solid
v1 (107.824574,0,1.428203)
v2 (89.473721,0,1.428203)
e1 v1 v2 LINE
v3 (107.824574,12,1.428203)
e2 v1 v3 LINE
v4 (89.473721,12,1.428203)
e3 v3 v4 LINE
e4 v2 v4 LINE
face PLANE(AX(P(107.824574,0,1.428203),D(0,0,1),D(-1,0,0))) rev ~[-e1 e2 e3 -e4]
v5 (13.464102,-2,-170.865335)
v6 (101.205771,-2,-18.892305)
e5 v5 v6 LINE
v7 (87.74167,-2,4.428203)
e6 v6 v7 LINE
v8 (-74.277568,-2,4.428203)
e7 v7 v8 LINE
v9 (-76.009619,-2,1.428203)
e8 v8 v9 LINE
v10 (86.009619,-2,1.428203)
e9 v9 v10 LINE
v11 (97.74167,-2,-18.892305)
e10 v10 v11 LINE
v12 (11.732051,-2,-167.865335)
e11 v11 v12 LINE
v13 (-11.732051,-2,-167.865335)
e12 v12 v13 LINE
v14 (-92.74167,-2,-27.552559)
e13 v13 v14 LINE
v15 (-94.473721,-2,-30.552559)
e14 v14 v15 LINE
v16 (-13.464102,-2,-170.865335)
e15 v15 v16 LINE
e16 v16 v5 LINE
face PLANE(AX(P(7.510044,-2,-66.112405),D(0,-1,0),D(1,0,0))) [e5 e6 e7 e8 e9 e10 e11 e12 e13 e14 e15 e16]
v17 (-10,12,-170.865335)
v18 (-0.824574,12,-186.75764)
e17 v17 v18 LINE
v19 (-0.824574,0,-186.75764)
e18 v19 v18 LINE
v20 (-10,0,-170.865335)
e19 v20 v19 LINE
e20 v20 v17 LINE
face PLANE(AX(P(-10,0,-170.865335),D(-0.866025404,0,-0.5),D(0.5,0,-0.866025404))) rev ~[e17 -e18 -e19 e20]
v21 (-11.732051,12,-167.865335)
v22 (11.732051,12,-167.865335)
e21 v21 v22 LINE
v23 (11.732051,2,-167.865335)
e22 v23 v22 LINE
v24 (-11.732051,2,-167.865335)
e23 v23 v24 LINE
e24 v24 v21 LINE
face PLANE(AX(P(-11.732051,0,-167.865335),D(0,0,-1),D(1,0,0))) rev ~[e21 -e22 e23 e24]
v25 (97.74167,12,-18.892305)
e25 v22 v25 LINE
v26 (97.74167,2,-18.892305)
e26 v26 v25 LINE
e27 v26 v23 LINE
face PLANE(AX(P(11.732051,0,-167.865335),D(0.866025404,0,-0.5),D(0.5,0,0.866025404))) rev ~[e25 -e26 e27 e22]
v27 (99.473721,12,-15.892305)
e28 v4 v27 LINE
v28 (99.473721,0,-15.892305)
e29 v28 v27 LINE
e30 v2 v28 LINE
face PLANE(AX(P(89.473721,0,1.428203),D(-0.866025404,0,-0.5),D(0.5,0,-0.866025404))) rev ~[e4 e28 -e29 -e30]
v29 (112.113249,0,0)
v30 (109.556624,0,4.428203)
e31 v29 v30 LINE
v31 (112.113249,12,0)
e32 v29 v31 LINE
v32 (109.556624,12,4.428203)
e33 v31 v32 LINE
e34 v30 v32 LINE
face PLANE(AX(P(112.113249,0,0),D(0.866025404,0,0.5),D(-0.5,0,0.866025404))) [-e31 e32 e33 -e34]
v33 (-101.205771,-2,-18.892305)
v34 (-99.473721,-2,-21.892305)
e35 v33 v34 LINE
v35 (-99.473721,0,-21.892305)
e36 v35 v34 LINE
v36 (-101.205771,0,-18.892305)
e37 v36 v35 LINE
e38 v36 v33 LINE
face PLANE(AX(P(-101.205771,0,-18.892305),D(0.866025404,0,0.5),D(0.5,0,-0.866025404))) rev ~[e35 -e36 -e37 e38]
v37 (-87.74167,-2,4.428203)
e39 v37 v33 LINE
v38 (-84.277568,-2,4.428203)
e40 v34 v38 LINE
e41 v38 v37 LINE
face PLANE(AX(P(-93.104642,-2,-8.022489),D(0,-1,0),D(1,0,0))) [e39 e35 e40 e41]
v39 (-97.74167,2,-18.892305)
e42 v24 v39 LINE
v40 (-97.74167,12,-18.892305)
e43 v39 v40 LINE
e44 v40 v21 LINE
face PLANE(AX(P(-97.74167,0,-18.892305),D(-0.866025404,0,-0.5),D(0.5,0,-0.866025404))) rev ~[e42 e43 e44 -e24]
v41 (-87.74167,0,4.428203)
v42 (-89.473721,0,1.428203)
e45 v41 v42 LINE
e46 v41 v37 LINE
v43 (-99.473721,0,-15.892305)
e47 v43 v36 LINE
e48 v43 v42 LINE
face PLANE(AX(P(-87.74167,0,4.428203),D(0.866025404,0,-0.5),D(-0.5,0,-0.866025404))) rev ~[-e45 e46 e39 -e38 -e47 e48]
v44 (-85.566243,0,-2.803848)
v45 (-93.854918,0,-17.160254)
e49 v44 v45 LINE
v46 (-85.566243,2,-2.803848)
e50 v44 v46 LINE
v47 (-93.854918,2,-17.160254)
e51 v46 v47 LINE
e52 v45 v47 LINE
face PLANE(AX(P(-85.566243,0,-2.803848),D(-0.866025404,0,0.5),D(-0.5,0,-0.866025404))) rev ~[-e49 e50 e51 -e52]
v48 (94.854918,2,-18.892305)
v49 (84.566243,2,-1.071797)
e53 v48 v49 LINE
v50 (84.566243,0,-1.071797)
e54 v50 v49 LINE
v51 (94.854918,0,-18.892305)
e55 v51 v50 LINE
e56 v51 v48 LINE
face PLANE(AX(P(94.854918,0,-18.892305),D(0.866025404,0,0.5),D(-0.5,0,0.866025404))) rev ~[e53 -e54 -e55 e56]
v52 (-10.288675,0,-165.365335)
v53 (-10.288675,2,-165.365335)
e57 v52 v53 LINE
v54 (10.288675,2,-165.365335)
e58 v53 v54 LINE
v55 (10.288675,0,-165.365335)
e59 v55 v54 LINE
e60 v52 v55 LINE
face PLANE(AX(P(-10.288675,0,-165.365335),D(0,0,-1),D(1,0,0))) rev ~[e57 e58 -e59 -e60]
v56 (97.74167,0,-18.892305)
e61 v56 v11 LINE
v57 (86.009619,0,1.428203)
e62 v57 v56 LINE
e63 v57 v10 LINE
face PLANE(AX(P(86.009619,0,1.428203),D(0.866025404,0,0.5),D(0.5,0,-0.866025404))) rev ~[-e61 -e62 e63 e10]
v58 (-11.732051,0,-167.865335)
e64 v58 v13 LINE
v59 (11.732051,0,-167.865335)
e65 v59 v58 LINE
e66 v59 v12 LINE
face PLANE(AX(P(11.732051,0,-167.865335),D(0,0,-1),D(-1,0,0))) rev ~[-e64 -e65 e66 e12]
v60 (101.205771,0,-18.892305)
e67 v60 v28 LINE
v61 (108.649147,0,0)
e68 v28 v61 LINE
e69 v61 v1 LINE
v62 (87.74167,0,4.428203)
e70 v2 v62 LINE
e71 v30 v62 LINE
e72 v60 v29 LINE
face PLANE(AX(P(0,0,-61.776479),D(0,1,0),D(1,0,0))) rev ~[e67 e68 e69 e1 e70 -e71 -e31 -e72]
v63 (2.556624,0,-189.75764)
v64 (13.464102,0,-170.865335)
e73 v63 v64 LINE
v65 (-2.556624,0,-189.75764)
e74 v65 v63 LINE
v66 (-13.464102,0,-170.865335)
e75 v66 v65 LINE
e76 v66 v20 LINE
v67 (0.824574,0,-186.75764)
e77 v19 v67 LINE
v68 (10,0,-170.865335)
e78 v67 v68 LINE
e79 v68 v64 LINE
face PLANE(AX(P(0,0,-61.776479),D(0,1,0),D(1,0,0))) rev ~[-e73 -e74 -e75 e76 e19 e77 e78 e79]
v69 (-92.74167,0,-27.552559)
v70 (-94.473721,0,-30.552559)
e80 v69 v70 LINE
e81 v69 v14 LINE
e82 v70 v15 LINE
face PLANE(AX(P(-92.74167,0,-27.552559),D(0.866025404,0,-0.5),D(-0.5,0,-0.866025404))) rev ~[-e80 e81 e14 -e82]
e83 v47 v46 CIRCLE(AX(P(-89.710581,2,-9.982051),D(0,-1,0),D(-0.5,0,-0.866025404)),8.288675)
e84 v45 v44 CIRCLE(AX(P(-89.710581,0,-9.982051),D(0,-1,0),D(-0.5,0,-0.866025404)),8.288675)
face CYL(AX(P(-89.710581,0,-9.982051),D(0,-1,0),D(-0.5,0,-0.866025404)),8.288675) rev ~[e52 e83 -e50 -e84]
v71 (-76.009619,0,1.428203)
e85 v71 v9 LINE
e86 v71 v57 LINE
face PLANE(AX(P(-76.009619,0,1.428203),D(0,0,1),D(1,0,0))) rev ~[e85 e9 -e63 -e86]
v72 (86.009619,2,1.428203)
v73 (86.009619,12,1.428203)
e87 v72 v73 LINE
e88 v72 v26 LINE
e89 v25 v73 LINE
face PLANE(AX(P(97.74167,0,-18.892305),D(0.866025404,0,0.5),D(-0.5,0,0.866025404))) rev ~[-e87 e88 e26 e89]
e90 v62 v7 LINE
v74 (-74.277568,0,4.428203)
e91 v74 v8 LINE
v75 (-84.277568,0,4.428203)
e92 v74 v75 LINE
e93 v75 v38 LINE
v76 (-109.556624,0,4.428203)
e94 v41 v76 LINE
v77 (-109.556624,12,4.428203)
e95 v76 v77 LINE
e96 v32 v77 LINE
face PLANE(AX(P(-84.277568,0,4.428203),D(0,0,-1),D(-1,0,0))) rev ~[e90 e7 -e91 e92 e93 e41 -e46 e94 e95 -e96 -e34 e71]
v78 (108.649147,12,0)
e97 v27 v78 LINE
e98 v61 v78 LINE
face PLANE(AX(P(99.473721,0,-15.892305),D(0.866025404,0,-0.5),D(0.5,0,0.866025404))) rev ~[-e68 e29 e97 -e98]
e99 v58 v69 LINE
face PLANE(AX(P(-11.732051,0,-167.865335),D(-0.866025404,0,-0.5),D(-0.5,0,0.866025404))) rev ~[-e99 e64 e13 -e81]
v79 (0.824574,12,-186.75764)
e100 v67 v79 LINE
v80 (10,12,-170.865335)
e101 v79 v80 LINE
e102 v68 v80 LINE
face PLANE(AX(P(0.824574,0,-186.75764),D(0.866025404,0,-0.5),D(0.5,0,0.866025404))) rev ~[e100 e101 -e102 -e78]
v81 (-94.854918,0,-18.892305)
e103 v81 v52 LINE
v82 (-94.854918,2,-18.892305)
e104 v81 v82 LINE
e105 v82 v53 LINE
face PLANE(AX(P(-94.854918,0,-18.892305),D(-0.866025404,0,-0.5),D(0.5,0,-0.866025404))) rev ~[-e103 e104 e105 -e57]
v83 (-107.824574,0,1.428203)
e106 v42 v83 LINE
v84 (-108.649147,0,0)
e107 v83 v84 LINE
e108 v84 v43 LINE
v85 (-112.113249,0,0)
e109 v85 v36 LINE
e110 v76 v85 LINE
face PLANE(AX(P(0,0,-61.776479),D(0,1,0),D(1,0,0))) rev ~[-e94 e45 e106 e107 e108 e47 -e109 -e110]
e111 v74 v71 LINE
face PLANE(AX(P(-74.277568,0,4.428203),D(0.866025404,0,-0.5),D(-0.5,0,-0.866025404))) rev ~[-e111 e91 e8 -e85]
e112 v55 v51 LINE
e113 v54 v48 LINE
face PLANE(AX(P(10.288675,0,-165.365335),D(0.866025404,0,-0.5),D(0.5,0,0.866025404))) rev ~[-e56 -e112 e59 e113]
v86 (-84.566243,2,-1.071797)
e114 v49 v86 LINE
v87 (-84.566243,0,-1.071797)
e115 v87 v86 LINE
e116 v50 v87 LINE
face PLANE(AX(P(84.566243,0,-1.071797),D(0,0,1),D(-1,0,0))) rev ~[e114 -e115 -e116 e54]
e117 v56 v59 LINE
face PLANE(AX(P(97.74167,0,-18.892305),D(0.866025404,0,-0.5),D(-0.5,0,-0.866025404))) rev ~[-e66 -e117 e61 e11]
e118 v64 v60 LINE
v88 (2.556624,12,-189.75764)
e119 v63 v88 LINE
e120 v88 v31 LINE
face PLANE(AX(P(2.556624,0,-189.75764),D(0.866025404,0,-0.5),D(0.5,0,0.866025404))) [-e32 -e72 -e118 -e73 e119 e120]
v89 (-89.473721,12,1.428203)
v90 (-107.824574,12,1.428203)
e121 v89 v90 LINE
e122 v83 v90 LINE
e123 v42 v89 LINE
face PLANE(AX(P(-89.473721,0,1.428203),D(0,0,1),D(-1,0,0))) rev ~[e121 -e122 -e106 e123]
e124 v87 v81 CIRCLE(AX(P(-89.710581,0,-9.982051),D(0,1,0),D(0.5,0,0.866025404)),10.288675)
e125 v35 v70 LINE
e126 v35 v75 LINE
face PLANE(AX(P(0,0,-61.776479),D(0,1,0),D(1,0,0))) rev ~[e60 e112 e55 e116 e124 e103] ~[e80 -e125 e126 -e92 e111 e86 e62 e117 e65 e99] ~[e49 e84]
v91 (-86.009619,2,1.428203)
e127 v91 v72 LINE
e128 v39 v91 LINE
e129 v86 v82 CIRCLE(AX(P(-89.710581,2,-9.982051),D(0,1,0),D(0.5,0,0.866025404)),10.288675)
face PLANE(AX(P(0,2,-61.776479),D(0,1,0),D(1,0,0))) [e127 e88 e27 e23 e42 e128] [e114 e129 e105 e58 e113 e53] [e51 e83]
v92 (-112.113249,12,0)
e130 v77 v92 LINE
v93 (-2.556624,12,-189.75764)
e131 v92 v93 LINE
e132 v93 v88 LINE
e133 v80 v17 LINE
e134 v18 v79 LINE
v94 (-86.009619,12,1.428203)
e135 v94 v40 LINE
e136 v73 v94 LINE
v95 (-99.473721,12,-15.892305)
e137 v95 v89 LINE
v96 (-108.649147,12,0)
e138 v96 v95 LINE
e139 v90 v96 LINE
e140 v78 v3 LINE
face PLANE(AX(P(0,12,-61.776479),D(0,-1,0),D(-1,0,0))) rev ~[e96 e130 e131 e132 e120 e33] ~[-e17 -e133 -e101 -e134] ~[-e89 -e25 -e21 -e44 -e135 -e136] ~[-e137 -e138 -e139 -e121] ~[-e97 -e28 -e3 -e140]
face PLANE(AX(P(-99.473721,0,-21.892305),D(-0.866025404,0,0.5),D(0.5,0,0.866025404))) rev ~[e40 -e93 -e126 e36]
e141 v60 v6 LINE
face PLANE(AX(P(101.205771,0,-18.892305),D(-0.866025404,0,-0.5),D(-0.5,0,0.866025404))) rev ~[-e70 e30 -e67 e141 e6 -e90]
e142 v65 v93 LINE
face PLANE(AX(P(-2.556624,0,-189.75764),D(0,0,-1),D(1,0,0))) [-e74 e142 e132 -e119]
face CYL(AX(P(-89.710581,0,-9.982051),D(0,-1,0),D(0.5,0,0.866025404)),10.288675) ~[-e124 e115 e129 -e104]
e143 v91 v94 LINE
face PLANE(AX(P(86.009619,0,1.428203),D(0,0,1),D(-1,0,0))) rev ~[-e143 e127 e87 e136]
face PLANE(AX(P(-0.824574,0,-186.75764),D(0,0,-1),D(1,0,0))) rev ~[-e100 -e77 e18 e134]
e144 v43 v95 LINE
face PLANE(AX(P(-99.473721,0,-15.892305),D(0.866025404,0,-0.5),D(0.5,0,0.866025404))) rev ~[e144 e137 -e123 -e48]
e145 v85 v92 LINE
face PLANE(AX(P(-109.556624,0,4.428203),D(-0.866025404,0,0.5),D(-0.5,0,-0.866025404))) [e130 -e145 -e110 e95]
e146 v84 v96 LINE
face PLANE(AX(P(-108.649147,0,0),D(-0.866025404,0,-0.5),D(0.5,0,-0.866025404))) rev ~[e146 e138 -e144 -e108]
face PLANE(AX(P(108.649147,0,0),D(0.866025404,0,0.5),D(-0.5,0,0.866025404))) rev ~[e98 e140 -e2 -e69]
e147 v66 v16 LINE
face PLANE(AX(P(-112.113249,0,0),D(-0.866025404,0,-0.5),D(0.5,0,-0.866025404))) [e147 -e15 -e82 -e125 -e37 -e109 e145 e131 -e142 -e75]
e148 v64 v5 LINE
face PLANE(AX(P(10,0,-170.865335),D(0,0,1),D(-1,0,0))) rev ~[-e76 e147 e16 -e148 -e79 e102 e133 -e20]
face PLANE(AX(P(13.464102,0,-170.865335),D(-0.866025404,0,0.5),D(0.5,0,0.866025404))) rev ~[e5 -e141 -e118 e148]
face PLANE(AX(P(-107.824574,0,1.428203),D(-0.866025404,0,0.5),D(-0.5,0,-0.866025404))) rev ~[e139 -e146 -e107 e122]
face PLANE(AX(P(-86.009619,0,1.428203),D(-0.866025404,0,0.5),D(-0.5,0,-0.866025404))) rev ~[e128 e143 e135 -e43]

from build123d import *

# Parameters (mm, degrees)
BOSS_EXTRUDE1_DEPTH = 12
BOSS_EXTRUDE2_DEPTH = 2
BOSS_EXTRUDE3_DEPTH = 2


with BuildPart() as part:
    # Sketch1 → Boss-Extrude1 (new body)
    with BuildSketch(Plane(origin=(0, 0, 0), x_dir=(1, 0, 0), z_dir=(0, 1, 0))):
        Polygon((109.556624327, -4.42820323), (-109.556624327, -4.42820323), (-112.113248654, 0), (-2.556624327, 189.75763964), (2.556624326, 189.75763964), (112.113248654, 0), align=None)
        Polygon((-107.82457352, -1.42820323), (-108.649147039, 0), (-99.473720558, 15.892304845), (-89.473720558, -1.42820323), align=None, mode=Mode.SUBTRACT)
        Polygon((-0.82457352, 186.75763964), (0.824573518, 186.75763964), (9.999999999, 170.865334794), (-10.000000001, 170.865334794), align=None, mode=Mode.SUBTRACT)
        Polygon((108.649147039, 0), (107.82457352, -1.42820323), (89.473720559, -1.42820323), (99.473720559, 15.892304846), align=None, mode=Mode.SUBTRACT)
        Polygon((-11.732050808, 167.865334795), (11.732050808, 167.865334795), (97.741669751, 18.892304846), (86.009618944, -1.42820323), (-86.009618943, -1.42820323), (-97.741669751, 18.892304845), align=None, mode=Mode.SUBTRACT)
    extrude(amount=BOSS_EXTRUDE1_DEPTH)

    # Sketch1<4> → Boss-Extrude2 (add)
    with BuildSketch(Plane(origin=(0, 0, 0), x_dir=(1, 0, 0), z_dir=(0, 1, 0))):
        Polygon((11.732050808, 167.865334795), (-11.732050808, 167.865334795), (-97.741669751, 18.892304845), (-86.009618943, -1.42820323), (86.009618944, -1.42820323), (97.741669751, 18.892304846), align=None)
        with BuildLine():
            Line((-85.56624327, 2.803847577), (-93.854918405, 17.160254038))
            ThreePointArc((-93.854918405, 17.160254038), (-82.532377607, 14.126388375), (-85.56624327, 2.803847577))
        make_face(mode=Mode.SUBTRACT)
        with BuildLine():
            Line((84.566243271, 1.07179677), (-84.56624327, 1.07179677))
            ThreePointArc((-84.56624327, 1.07179677), (-80.800326799, 15.126388375), (-94.854918405, 18.892304845))
            Line((-94.854918405, 18.892304845), (-10.288675135, 165.365334795))
            Line((-10.288675135, 165.365334795), (10.288675135, 165.365334795))
            Line((10.288675135, 165.365334795), (94.854918405, 18.892304846))
            Line((94.854918405, 18.892304846), (84.566243271, 1.07179677))
        make_face(mode=Mode.SUBTRACT)
    extrude(amount=BOSS_EXTRUDE2_DEPTH)

    # Sketch2 → Boss-Extrude3 (add)
    with BuildSketch(Plane.XZ):
        Polygon((-87.741669751, 4.42820323), (-101.205771366, -18.892304846), (-99.473720559, -21.892304845), (-84.277568136, 4.42820323), align=None)
        Polygon((87.741669751, 4.42820323), (-74.277568136, 4.42820323), (-76.009618943, 1.42820323), (86.009618943, 1.42820323), (97.74166975, -18.892304845), (11.732050807, -167.865334795), (-11.732050808, -167.865334795), (-92.741669751, -27.552558883), (-94.473720559, -30.552558883), (-13.464101616, -170.865334794), (13.464101615, -170.865334794), (101.205771366, -18.892304845), align=None)
    extrude(amount=BOSS_EXTRUDE3_DEPTH)


solid = part.part
